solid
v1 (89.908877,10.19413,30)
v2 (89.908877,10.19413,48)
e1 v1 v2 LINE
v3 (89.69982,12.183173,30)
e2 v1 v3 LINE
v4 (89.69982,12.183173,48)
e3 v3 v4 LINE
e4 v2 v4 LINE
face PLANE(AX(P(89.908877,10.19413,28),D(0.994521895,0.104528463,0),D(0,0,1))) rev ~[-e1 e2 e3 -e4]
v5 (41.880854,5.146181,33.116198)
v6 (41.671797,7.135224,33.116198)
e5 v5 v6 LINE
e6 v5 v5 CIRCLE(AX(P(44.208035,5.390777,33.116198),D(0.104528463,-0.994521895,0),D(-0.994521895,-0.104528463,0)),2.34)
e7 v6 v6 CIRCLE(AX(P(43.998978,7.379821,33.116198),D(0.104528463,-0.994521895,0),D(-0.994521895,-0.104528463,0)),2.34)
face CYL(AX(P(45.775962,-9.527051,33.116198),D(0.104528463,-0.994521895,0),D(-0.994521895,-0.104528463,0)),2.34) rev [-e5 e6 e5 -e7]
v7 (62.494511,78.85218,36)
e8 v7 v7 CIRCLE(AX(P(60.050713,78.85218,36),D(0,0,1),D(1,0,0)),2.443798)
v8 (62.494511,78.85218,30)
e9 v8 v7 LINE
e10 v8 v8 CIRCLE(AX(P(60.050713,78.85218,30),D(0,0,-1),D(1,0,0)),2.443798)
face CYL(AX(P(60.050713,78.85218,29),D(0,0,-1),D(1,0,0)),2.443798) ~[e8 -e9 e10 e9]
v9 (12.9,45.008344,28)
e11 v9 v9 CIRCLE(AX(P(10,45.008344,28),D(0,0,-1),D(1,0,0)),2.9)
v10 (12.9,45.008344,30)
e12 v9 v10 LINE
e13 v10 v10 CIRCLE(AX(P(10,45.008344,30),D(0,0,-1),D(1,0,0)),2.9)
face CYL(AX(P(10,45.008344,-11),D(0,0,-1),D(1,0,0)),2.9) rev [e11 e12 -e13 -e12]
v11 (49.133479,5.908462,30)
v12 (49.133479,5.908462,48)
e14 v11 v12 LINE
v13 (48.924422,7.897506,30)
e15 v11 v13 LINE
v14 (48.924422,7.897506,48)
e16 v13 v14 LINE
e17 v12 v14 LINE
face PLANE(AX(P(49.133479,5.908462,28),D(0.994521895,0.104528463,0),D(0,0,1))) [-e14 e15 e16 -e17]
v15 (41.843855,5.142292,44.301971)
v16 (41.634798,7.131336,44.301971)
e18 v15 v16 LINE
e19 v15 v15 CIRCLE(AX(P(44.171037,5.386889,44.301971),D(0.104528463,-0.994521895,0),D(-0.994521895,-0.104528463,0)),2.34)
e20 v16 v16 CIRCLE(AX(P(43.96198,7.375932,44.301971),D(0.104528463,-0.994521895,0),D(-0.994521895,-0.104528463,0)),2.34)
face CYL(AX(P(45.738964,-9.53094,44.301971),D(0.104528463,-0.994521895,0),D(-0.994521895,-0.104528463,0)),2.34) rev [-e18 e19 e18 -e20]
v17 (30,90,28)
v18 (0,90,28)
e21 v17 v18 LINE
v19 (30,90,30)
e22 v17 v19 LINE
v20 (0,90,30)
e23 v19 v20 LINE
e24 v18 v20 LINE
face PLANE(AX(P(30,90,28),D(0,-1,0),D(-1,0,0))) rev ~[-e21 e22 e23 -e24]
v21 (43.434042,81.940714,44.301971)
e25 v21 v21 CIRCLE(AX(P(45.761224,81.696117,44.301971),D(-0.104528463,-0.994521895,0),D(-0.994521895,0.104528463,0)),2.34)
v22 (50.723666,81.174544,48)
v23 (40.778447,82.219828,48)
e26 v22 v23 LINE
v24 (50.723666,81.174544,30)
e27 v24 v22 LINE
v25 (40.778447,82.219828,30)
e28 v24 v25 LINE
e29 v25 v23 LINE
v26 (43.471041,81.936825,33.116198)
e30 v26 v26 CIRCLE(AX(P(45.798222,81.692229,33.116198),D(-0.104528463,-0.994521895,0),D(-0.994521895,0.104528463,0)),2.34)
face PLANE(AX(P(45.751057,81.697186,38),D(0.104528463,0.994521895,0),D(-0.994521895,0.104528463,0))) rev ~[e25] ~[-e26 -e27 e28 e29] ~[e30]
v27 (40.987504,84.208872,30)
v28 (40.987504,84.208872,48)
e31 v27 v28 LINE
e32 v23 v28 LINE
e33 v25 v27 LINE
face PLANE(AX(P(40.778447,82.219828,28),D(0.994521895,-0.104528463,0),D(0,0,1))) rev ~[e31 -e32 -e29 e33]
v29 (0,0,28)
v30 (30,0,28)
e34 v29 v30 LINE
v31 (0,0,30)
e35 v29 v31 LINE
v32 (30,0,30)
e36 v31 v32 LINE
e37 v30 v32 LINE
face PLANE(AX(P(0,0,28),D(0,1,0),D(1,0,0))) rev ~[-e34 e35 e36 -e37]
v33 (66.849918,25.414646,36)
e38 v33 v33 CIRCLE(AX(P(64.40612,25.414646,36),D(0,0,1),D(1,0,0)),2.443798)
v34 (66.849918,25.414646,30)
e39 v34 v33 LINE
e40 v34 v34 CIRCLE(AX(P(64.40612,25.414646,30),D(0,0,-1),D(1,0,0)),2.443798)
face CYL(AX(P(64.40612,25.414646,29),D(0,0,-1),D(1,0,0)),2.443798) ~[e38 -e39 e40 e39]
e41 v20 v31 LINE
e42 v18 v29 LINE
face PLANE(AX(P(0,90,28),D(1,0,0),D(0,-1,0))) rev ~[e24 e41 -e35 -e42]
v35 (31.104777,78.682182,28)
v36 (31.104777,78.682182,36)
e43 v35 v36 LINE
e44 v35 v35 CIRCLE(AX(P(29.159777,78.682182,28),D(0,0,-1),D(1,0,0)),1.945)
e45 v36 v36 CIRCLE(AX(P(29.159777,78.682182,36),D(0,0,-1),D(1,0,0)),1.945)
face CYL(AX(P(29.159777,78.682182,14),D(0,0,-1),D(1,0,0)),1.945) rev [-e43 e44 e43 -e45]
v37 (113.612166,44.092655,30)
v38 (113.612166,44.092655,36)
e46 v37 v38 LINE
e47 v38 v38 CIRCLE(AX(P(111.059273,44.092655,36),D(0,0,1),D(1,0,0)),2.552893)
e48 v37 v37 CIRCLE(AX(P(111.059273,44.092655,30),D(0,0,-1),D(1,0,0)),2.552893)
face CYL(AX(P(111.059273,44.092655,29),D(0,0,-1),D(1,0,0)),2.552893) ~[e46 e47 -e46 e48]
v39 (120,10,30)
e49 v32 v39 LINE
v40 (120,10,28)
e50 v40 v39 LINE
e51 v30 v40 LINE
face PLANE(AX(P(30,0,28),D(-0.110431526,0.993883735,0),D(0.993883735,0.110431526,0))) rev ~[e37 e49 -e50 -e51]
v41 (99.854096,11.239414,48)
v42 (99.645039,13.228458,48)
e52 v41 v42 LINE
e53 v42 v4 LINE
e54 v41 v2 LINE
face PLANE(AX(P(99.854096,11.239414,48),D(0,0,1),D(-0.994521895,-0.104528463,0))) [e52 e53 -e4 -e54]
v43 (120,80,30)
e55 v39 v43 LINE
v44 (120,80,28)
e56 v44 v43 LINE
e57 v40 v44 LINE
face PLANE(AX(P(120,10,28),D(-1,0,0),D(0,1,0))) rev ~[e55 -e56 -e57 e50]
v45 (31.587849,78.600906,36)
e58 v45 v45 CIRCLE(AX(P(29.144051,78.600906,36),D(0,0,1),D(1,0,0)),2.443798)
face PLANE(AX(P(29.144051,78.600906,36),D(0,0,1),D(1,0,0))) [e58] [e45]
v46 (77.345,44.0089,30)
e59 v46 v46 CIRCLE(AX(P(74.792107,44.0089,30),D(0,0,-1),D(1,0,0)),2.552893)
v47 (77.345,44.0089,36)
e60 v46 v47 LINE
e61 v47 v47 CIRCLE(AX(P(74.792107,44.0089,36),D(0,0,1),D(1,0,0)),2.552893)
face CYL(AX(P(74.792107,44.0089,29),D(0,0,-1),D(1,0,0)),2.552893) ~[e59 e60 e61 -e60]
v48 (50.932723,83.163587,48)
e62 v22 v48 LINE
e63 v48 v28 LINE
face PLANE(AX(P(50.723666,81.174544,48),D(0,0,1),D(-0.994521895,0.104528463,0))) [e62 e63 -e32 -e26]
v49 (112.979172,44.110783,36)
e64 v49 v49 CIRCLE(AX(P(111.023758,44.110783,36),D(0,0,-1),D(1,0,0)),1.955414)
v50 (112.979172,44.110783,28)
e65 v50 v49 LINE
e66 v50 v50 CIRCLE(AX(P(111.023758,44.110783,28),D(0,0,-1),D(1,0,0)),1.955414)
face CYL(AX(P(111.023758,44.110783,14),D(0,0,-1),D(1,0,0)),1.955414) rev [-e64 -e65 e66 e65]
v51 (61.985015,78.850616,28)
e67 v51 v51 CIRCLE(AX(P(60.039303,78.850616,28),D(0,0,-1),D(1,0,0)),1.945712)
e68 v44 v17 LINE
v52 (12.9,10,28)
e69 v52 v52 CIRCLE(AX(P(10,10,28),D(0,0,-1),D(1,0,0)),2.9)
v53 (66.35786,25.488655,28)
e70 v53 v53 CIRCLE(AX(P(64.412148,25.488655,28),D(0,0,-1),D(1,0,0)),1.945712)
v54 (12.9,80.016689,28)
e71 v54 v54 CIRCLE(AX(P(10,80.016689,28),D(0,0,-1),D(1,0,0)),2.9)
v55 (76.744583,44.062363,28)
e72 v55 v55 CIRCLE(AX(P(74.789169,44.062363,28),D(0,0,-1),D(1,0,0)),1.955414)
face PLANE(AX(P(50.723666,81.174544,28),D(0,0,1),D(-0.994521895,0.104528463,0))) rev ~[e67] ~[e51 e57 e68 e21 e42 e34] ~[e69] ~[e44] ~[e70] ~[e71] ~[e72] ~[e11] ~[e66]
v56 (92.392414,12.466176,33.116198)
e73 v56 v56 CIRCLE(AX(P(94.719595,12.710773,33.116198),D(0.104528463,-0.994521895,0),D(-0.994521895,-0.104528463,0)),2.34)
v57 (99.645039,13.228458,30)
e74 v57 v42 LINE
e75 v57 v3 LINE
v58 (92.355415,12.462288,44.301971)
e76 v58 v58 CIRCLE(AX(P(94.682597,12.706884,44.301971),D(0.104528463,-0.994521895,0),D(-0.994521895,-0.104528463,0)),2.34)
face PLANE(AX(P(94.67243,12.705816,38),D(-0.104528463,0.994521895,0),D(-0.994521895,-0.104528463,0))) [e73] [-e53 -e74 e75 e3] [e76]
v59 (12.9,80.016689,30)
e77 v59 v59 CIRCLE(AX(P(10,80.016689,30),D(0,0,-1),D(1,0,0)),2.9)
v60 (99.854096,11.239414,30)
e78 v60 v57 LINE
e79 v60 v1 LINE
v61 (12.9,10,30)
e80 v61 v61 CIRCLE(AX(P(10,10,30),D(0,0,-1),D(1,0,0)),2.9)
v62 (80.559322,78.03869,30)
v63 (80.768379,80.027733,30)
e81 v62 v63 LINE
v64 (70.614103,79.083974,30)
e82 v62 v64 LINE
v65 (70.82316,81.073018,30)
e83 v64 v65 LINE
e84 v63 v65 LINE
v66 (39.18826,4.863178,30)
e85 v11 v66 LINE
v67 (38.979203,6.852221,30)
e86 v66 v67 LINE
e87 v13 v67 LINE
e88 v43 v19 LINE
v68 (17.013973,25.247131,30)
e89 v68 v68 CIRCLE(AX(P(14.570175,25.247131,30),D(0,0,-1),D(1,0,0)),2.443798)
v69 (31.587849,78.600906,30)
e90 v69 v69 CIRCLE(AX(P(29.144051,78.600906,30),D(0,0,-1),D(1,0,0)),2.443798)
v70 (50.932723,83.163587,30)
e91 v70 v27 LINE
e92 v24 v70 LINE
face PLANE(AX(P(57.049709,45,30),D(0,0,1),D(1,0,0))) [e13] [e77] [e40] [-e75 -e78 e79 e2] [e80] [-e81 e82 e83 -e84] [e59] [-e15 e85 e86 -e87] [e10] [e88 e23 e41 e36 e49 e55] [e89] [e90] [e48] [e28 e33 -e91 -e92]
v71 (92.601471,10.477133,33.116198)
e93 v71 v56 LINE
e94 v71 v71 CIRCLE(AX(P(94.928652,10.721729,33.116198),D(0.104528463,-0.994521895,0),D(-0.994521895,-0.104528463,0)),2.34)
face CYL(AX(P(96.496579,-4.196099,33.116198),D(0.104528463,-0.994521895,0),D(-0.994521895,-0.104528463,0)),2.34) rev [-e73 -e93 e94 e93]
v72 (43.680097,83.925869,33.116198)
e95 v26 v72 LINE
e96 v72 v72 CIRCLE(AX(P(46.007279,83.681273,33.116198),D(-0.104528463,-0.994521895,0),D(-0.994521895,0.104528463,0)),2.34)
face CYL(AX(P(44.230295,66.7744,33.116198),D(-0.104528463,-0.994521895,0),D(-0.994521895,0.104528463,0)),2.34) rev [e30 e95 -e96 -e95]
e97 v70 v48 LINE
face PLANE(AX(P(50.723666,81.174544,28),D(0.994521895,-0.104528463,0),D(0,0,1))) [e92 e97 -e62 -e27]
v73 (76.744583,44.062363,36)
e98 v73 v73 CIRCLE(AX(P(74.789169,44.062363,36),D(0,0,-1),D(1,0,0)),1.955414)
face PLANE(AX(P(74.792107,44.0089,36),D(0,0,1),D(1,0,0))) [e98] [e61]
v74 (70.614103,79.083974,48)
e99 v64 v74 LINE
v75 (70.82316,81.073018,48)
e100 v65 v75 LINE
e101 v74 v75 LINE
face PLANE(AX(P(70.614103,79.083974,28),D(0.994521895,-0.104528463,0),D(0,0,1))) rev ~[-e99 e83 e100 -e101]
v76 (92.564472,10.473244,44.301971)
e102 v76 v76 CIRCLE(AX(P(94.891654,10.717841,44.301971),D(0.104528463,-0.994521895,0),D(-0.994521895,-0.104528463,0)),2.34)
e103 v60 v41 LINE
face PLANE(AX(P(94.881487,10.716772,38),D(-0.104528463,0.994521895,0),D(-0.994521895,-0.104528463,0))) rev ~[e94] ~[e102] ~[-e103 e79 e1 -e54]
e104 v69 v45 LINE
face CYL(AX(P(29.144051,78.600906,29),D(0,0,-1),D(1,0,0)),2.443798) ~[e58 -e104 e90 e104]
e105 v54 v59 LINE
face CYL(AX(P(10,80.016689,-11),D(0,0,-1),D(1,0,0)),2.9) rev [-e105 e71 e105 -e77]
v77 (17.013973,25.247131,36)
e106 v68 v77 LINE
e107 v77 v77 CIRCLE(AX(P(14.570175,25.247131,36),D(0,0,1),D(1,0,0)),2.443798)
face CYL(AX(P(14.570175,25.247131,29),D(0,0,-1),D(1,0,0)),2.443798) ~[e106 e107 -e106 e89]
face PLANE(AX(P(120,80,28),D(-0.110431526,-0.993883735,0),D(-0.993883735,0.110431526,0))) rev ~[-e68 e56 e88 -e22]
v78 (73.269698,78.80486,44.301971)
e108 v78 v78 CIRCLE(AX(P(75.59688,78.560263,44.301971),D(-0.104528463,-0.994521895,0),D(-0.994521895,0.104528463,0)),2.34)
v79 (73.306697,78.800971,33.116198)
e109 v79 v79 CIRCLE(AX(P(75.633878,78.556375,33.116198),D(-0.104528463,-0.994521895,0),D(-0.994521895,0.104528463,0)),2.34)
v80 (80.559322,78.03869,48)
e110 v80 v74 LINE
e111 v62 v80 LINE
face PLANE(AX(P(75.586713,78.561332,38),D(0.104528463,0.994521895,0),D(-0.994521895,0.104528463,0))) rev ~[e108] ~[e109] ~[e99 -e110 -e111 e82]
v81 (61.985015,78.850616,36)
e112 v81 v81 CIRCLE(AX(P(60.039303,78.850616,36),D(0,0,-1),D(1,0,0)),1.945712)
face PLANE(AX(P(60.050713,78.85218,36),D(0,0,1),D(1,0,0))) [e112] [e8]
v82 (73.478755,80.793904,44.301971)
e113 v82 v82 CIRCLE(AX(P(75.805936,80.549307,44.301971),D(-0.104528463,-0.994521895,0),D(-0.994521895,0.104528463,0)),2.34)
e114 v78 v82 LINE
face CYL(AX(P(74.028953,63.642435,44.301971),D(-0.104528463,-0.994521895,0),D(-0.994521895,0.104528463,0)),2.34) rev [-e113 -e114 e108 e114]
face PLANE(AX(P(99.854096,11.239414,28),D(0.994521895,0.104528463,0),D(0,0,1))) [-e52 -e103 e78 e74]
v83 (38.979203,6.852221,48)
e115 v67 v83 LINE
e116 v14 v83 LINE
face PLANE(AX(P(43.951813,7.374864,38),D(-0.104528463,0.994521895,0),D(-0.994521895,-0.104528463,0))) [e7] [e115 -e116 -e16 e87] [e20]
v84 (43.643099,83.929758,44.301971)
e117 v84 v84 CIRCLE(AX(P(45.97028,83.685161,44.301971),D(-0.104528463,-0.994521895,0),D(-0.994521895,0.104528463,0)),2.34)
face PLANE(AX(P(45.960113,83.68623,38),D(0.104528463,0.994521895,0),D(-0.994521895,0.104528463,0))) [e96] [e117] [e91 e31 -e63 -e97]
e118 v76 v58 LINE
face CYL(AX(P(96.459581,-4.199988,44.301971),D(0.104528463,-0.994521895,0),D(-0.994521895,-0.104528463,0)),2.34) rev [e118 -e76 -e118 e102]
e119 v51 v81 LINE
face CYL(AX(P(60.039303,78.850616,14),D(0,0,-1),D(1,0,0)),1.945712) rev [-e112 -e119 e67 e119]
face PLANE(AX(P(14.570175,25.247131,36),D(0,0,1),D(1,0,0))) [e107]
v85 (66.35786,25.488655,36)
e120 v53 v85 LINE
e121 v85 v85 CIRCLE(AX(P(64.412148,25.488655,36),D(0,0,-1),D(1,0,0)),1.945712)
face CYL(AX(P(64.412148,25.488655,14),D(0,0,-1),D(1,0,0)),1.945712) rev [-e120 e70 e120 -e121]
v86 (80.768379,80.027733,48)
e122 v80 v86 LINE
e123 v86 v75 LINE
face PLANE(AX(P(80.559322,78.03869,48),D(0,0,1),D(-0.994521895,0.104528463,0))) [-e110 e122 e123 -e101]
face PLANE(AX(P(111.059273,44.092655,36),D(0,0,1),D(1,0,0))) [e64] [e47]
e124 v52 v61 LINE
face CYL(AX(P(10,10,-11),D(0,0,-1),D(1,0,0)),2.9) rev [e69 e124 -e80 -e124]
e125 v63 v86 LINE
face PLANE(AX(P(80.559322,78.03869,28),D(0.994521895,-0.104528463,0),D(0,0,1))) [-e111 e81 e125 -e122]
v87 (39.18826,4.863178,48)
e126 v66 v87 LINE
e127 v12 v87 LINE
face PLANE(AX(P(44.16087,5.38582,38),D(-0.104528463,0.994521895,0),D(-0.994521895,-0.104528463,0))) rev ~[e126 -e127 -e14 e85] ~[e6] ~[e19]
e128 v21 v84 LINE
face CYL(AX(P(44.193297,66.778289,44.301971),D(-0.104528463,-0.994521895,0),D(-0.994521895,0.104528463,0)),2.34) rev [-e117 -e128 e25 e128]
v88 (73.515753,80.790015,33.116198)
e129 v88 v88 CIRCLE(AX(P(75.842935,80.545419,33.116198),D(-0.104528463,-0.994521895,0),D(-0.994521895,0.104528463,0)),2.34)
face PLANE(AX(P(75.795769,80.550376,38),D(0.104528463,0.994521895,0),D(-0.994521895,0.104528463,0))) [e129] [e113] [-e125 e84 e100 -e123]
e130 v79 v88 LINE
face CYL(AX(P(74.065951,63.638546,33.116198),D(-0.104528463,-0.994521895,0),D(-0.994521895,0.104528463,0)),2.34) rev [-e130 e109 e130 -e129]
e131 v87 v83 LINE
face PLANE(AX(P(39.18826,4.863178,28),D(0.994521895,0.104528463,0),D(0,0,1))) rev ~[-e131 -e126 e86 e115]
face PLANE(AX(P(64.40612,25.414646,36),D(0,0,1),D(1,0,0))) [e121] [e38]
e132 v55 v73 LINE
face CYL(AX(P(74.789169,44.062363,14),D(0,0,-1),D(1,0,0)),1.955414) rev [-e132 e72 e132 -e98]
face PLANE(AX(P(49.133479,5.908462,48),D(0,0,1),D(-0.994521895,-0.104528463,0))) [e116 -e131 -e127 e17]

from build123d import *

# Parameters (mm, degrees)
SKETCH048_R                = 2.34
EXTRUDE050_DEPTH           = 20
SKETCH047_W                = 10
SKETCH047_H                = 20
EXTRUDE049_DEPTH           = 2
EXTRUDE049_PLACEMENT_ANGLE = 90
CUT121_PLACEMENT_ANGLE     = 96
CUT120_PLACEMENT_ANGLE     = 96
CUT119_PLACEMENT_ANGLE     = 84
CUT118_PLACEMENT_ANGLE     = 84
SKETCH018_R                = 1.955414
SKETCH018_R_2              = 1.945
SKETCH018_R_3              = 1.945712
EXTRUDE054_DEPTH           = 30
SKETCH017_R                = 2.552893
SKETCH017_R_2              = 2.443798
EXTRUDE192_DEPTH           = 7
SKETCH003_R                = 2.9
EXTRUDE052_DEPTH           = 50
EXTRUDE191_DEPTH           = 2


with BuildPart() as tornillos010:
    # Sketch048 (on Face6 of Extrude049) → Extrude050 (new body)
    with BuildSketch(Plane(origin=(-98, -107, 0), x_dir=(0, -1, 0), z_dir=(-1, 0, 0))):
        with Locations((-135.010223, 26.301971)):
            Circle(SKETCH048_R)
        with Locations((-135.047425, 15.116198)):
            Circle(SKETCH048_R)
    extrude(amount=EXTRUDE050_DEPTH)


with BuildPart() as tornillos010_1:
    # Extrude050 placement: moved
    add(tornillos010.part.moved(Location((17, 0, 0))))


with BuildPart() as soporte008:
    # Sketch047 → Extrude049 (new body)
    with BuildSketch(Plane.XZ):
        with Locations((-135, 20)):
            Rectangle(SKETCH047_W, SKETCH047_H)
    extrude(amount=EXTRUDE049_DEPTH)


with BuildPart() as soporte008_1:
    # Extrude049 placement: moved
    add(soporte008.part.moved(Location((-96, -107, 0))).rotate(Axis((-96, -107, 0), (0, 0, -1)), EXTRUDE049_PLACEMENT_ANGLE))


with BuildPart() as soporte024:
    # Cut121 base: copy of Soporte008
    add(soporte008_1.part)

    # Cut121: cut Tornillos010
    add(tornillos010_1.part, mode=Mode.SUBTRACT)


with BuildPart() as soporte024_1:
    # Cut121 placement: moved
    add(soporte024.part.moved(Location((7.869711, -10.850119, 18))).rotate(Axis((7.869711, -10.850119, 18), (0, 0, -1)), CUT121_PLACEMENT_ANGLE))


with BuildPart() as soporte023:
    # Cut120 base: copy of Soporte008
    add(soporte008_1.part)

    # Cut120: cut Tornillos010
    add(tornillos010_1.part, mode=Mode.SUBTRACT)


with BuildPart() as soporte023_1:
    # Cut120 placement: moved
    add(soporte023.part.moved(Location((37.705367, -13.985973, 18))).rotate(Axis((37.705367, -13.985973, 18), (0, 0, -1)), CUT120_PLACEMENT_ANGLE))


with BuildPart() as soporte022:
    # Cut119 base: copy of Soporte008
    add(soporte008_1.part)

    # Cut119: cut Tornillos010
    add(tornillos010_1.part, mode=Mode.SUBTRACT)


with BuildPart() as soporte022_1:
    # Cut119 placement: moved
    add(soporte022.part.moved(Location((26.348989, -93.015079, 18))).rotate(Axis((26.348989, -93.015079, 18), (0, 0, -1)), CUT119_PLACEMENT_ANGLE))


with BuildPart() as soporte021:
    # Cut118 base: copy of Soporte008
    add(soporte008_1.part)

    # Cut118: cut Tornillos010
    add(tornillos010_1.part, mode=Mode.SUBTRACT)


with BuildPart() as soporte021_1:
    # Cut118 placement: moved
    add(soporte021.part.moved(Location((77.069606, -87.684127, 18))).rotate(Axis((77.069606, -87.684127, 18), (0, 0, -1)), CUT118_PLACEMENT_ANGLE))


with BuildPart() as extrude054:
    # Sketch018 → Extrude054 (new body)
    with BuildSketch(Plane.XY.offset(36)):
        with Locations((74.789169, 44.062363)):
            Circle(SKETCH018_R)
        with Locations((111.023758, 44.110783)):
            Circle(SKETCH018_R)
        with Locations((29.159777, 78.682182)):
            Circle(SKETCH018_R_2)
        with Locations((60.039303, 78.850616)):
            Circle(SKETCH018_R_3)
        with Locations((64.412148, 25.488655)):
            Circle(SKETCH018_R_3)
    extrude(amount=EXTRUDE054_DEPTH)


with BuildPart() as extrude054_1:
    # Extrude054 placement: moved
    add(extrude054.part.moved(Location((0, 0, -22))))


with BuildPart() as base_tornillos001:
    # Sketch017 → Extrude192 (new body)
    with BuildSketch(Plane.XY.offset(30)):
        with Locations((74.792107, 44.0089)):
            Circle(SKETCH017_R)
        with Locations((111.059273, 44.092655)):
            Circle(SKETCH017_R)
        with Locations((60.050713, 78.85218)):
            Circle(SKETCH017_R_2)
        with Locations((29.144051, 78.600906)):
            Circle(SKETCH017_R_2)
        with Locations((14.570175, 25.247131)):
            Circle(SKETCH017_R_2)
        with Locations((64.40612, 25.414646)):
            Circle(SKETCH017_R_2)
    extrude(amount=EXTRUDE192_DEPTH)


with BuildPart() as base_tornillos001_1:
    # Extrude192 placement: moved
    add(base_tornillos001.part.moved(Location((0, 0, -1))))


with BuildPart() as tornillos053:
    # Sketch003 → Extrude052 (new body)
    with BuildSketch(Plane.XY.offset(10)):
        with Locations((10, 80.016689)):
            Circle(SKETCH003_R)
        with Locations((10, 45.008344)):
            Circle(SKETCH003_R)
        with Locations((10, 10)):
            Circle(SKETCH003_R)
    extrude(amount=EXTRUDE052_DEPTH)


with BuildPart() as tornillos053_1:
    # Extrude052 placement: moved
    add(tornillos053.part.moved(Location((0, 0, -21))))


with BuildPart() as base_imprimir:
    # Sketch173 → Extrude191 (new body)
    with BuildSketch(Plane.XY):
        Polygon((0, 0), (30, 0), (120, 10), (120, 80), (30, 90), (0, 90), align=None)
    extrude(amount=EXTRUDE191_DEPTH)


with BuildPart() as base_imprimir_1:
    # Extrude191 placement: moved
    add(base_imprimir.part.moved(Location((0, 0, 28))))

    # Cut116: cut Tornillos053
    add(tornillos053_1.part, mode=Mode.SUBTRACT)

    # Fusion063: union Base tornillos001
    add(base_tornillos001_1.part)

    # Cut117: cut Extrude054
    add(extrude054_1.part, mode=Mode.SUBTRACT)

    # Fusion015: union Soporte021
    add(soporte021_1.part)

    # Fusion016: union Soporte022
    add(soporte022_1.part)

    # Fusion017: union Soporte023
    add(soporte023_1.part)

    # Fusion064: union Soporte024
    add(soporte024_1.part)


solid = base_imprimir_1.part
